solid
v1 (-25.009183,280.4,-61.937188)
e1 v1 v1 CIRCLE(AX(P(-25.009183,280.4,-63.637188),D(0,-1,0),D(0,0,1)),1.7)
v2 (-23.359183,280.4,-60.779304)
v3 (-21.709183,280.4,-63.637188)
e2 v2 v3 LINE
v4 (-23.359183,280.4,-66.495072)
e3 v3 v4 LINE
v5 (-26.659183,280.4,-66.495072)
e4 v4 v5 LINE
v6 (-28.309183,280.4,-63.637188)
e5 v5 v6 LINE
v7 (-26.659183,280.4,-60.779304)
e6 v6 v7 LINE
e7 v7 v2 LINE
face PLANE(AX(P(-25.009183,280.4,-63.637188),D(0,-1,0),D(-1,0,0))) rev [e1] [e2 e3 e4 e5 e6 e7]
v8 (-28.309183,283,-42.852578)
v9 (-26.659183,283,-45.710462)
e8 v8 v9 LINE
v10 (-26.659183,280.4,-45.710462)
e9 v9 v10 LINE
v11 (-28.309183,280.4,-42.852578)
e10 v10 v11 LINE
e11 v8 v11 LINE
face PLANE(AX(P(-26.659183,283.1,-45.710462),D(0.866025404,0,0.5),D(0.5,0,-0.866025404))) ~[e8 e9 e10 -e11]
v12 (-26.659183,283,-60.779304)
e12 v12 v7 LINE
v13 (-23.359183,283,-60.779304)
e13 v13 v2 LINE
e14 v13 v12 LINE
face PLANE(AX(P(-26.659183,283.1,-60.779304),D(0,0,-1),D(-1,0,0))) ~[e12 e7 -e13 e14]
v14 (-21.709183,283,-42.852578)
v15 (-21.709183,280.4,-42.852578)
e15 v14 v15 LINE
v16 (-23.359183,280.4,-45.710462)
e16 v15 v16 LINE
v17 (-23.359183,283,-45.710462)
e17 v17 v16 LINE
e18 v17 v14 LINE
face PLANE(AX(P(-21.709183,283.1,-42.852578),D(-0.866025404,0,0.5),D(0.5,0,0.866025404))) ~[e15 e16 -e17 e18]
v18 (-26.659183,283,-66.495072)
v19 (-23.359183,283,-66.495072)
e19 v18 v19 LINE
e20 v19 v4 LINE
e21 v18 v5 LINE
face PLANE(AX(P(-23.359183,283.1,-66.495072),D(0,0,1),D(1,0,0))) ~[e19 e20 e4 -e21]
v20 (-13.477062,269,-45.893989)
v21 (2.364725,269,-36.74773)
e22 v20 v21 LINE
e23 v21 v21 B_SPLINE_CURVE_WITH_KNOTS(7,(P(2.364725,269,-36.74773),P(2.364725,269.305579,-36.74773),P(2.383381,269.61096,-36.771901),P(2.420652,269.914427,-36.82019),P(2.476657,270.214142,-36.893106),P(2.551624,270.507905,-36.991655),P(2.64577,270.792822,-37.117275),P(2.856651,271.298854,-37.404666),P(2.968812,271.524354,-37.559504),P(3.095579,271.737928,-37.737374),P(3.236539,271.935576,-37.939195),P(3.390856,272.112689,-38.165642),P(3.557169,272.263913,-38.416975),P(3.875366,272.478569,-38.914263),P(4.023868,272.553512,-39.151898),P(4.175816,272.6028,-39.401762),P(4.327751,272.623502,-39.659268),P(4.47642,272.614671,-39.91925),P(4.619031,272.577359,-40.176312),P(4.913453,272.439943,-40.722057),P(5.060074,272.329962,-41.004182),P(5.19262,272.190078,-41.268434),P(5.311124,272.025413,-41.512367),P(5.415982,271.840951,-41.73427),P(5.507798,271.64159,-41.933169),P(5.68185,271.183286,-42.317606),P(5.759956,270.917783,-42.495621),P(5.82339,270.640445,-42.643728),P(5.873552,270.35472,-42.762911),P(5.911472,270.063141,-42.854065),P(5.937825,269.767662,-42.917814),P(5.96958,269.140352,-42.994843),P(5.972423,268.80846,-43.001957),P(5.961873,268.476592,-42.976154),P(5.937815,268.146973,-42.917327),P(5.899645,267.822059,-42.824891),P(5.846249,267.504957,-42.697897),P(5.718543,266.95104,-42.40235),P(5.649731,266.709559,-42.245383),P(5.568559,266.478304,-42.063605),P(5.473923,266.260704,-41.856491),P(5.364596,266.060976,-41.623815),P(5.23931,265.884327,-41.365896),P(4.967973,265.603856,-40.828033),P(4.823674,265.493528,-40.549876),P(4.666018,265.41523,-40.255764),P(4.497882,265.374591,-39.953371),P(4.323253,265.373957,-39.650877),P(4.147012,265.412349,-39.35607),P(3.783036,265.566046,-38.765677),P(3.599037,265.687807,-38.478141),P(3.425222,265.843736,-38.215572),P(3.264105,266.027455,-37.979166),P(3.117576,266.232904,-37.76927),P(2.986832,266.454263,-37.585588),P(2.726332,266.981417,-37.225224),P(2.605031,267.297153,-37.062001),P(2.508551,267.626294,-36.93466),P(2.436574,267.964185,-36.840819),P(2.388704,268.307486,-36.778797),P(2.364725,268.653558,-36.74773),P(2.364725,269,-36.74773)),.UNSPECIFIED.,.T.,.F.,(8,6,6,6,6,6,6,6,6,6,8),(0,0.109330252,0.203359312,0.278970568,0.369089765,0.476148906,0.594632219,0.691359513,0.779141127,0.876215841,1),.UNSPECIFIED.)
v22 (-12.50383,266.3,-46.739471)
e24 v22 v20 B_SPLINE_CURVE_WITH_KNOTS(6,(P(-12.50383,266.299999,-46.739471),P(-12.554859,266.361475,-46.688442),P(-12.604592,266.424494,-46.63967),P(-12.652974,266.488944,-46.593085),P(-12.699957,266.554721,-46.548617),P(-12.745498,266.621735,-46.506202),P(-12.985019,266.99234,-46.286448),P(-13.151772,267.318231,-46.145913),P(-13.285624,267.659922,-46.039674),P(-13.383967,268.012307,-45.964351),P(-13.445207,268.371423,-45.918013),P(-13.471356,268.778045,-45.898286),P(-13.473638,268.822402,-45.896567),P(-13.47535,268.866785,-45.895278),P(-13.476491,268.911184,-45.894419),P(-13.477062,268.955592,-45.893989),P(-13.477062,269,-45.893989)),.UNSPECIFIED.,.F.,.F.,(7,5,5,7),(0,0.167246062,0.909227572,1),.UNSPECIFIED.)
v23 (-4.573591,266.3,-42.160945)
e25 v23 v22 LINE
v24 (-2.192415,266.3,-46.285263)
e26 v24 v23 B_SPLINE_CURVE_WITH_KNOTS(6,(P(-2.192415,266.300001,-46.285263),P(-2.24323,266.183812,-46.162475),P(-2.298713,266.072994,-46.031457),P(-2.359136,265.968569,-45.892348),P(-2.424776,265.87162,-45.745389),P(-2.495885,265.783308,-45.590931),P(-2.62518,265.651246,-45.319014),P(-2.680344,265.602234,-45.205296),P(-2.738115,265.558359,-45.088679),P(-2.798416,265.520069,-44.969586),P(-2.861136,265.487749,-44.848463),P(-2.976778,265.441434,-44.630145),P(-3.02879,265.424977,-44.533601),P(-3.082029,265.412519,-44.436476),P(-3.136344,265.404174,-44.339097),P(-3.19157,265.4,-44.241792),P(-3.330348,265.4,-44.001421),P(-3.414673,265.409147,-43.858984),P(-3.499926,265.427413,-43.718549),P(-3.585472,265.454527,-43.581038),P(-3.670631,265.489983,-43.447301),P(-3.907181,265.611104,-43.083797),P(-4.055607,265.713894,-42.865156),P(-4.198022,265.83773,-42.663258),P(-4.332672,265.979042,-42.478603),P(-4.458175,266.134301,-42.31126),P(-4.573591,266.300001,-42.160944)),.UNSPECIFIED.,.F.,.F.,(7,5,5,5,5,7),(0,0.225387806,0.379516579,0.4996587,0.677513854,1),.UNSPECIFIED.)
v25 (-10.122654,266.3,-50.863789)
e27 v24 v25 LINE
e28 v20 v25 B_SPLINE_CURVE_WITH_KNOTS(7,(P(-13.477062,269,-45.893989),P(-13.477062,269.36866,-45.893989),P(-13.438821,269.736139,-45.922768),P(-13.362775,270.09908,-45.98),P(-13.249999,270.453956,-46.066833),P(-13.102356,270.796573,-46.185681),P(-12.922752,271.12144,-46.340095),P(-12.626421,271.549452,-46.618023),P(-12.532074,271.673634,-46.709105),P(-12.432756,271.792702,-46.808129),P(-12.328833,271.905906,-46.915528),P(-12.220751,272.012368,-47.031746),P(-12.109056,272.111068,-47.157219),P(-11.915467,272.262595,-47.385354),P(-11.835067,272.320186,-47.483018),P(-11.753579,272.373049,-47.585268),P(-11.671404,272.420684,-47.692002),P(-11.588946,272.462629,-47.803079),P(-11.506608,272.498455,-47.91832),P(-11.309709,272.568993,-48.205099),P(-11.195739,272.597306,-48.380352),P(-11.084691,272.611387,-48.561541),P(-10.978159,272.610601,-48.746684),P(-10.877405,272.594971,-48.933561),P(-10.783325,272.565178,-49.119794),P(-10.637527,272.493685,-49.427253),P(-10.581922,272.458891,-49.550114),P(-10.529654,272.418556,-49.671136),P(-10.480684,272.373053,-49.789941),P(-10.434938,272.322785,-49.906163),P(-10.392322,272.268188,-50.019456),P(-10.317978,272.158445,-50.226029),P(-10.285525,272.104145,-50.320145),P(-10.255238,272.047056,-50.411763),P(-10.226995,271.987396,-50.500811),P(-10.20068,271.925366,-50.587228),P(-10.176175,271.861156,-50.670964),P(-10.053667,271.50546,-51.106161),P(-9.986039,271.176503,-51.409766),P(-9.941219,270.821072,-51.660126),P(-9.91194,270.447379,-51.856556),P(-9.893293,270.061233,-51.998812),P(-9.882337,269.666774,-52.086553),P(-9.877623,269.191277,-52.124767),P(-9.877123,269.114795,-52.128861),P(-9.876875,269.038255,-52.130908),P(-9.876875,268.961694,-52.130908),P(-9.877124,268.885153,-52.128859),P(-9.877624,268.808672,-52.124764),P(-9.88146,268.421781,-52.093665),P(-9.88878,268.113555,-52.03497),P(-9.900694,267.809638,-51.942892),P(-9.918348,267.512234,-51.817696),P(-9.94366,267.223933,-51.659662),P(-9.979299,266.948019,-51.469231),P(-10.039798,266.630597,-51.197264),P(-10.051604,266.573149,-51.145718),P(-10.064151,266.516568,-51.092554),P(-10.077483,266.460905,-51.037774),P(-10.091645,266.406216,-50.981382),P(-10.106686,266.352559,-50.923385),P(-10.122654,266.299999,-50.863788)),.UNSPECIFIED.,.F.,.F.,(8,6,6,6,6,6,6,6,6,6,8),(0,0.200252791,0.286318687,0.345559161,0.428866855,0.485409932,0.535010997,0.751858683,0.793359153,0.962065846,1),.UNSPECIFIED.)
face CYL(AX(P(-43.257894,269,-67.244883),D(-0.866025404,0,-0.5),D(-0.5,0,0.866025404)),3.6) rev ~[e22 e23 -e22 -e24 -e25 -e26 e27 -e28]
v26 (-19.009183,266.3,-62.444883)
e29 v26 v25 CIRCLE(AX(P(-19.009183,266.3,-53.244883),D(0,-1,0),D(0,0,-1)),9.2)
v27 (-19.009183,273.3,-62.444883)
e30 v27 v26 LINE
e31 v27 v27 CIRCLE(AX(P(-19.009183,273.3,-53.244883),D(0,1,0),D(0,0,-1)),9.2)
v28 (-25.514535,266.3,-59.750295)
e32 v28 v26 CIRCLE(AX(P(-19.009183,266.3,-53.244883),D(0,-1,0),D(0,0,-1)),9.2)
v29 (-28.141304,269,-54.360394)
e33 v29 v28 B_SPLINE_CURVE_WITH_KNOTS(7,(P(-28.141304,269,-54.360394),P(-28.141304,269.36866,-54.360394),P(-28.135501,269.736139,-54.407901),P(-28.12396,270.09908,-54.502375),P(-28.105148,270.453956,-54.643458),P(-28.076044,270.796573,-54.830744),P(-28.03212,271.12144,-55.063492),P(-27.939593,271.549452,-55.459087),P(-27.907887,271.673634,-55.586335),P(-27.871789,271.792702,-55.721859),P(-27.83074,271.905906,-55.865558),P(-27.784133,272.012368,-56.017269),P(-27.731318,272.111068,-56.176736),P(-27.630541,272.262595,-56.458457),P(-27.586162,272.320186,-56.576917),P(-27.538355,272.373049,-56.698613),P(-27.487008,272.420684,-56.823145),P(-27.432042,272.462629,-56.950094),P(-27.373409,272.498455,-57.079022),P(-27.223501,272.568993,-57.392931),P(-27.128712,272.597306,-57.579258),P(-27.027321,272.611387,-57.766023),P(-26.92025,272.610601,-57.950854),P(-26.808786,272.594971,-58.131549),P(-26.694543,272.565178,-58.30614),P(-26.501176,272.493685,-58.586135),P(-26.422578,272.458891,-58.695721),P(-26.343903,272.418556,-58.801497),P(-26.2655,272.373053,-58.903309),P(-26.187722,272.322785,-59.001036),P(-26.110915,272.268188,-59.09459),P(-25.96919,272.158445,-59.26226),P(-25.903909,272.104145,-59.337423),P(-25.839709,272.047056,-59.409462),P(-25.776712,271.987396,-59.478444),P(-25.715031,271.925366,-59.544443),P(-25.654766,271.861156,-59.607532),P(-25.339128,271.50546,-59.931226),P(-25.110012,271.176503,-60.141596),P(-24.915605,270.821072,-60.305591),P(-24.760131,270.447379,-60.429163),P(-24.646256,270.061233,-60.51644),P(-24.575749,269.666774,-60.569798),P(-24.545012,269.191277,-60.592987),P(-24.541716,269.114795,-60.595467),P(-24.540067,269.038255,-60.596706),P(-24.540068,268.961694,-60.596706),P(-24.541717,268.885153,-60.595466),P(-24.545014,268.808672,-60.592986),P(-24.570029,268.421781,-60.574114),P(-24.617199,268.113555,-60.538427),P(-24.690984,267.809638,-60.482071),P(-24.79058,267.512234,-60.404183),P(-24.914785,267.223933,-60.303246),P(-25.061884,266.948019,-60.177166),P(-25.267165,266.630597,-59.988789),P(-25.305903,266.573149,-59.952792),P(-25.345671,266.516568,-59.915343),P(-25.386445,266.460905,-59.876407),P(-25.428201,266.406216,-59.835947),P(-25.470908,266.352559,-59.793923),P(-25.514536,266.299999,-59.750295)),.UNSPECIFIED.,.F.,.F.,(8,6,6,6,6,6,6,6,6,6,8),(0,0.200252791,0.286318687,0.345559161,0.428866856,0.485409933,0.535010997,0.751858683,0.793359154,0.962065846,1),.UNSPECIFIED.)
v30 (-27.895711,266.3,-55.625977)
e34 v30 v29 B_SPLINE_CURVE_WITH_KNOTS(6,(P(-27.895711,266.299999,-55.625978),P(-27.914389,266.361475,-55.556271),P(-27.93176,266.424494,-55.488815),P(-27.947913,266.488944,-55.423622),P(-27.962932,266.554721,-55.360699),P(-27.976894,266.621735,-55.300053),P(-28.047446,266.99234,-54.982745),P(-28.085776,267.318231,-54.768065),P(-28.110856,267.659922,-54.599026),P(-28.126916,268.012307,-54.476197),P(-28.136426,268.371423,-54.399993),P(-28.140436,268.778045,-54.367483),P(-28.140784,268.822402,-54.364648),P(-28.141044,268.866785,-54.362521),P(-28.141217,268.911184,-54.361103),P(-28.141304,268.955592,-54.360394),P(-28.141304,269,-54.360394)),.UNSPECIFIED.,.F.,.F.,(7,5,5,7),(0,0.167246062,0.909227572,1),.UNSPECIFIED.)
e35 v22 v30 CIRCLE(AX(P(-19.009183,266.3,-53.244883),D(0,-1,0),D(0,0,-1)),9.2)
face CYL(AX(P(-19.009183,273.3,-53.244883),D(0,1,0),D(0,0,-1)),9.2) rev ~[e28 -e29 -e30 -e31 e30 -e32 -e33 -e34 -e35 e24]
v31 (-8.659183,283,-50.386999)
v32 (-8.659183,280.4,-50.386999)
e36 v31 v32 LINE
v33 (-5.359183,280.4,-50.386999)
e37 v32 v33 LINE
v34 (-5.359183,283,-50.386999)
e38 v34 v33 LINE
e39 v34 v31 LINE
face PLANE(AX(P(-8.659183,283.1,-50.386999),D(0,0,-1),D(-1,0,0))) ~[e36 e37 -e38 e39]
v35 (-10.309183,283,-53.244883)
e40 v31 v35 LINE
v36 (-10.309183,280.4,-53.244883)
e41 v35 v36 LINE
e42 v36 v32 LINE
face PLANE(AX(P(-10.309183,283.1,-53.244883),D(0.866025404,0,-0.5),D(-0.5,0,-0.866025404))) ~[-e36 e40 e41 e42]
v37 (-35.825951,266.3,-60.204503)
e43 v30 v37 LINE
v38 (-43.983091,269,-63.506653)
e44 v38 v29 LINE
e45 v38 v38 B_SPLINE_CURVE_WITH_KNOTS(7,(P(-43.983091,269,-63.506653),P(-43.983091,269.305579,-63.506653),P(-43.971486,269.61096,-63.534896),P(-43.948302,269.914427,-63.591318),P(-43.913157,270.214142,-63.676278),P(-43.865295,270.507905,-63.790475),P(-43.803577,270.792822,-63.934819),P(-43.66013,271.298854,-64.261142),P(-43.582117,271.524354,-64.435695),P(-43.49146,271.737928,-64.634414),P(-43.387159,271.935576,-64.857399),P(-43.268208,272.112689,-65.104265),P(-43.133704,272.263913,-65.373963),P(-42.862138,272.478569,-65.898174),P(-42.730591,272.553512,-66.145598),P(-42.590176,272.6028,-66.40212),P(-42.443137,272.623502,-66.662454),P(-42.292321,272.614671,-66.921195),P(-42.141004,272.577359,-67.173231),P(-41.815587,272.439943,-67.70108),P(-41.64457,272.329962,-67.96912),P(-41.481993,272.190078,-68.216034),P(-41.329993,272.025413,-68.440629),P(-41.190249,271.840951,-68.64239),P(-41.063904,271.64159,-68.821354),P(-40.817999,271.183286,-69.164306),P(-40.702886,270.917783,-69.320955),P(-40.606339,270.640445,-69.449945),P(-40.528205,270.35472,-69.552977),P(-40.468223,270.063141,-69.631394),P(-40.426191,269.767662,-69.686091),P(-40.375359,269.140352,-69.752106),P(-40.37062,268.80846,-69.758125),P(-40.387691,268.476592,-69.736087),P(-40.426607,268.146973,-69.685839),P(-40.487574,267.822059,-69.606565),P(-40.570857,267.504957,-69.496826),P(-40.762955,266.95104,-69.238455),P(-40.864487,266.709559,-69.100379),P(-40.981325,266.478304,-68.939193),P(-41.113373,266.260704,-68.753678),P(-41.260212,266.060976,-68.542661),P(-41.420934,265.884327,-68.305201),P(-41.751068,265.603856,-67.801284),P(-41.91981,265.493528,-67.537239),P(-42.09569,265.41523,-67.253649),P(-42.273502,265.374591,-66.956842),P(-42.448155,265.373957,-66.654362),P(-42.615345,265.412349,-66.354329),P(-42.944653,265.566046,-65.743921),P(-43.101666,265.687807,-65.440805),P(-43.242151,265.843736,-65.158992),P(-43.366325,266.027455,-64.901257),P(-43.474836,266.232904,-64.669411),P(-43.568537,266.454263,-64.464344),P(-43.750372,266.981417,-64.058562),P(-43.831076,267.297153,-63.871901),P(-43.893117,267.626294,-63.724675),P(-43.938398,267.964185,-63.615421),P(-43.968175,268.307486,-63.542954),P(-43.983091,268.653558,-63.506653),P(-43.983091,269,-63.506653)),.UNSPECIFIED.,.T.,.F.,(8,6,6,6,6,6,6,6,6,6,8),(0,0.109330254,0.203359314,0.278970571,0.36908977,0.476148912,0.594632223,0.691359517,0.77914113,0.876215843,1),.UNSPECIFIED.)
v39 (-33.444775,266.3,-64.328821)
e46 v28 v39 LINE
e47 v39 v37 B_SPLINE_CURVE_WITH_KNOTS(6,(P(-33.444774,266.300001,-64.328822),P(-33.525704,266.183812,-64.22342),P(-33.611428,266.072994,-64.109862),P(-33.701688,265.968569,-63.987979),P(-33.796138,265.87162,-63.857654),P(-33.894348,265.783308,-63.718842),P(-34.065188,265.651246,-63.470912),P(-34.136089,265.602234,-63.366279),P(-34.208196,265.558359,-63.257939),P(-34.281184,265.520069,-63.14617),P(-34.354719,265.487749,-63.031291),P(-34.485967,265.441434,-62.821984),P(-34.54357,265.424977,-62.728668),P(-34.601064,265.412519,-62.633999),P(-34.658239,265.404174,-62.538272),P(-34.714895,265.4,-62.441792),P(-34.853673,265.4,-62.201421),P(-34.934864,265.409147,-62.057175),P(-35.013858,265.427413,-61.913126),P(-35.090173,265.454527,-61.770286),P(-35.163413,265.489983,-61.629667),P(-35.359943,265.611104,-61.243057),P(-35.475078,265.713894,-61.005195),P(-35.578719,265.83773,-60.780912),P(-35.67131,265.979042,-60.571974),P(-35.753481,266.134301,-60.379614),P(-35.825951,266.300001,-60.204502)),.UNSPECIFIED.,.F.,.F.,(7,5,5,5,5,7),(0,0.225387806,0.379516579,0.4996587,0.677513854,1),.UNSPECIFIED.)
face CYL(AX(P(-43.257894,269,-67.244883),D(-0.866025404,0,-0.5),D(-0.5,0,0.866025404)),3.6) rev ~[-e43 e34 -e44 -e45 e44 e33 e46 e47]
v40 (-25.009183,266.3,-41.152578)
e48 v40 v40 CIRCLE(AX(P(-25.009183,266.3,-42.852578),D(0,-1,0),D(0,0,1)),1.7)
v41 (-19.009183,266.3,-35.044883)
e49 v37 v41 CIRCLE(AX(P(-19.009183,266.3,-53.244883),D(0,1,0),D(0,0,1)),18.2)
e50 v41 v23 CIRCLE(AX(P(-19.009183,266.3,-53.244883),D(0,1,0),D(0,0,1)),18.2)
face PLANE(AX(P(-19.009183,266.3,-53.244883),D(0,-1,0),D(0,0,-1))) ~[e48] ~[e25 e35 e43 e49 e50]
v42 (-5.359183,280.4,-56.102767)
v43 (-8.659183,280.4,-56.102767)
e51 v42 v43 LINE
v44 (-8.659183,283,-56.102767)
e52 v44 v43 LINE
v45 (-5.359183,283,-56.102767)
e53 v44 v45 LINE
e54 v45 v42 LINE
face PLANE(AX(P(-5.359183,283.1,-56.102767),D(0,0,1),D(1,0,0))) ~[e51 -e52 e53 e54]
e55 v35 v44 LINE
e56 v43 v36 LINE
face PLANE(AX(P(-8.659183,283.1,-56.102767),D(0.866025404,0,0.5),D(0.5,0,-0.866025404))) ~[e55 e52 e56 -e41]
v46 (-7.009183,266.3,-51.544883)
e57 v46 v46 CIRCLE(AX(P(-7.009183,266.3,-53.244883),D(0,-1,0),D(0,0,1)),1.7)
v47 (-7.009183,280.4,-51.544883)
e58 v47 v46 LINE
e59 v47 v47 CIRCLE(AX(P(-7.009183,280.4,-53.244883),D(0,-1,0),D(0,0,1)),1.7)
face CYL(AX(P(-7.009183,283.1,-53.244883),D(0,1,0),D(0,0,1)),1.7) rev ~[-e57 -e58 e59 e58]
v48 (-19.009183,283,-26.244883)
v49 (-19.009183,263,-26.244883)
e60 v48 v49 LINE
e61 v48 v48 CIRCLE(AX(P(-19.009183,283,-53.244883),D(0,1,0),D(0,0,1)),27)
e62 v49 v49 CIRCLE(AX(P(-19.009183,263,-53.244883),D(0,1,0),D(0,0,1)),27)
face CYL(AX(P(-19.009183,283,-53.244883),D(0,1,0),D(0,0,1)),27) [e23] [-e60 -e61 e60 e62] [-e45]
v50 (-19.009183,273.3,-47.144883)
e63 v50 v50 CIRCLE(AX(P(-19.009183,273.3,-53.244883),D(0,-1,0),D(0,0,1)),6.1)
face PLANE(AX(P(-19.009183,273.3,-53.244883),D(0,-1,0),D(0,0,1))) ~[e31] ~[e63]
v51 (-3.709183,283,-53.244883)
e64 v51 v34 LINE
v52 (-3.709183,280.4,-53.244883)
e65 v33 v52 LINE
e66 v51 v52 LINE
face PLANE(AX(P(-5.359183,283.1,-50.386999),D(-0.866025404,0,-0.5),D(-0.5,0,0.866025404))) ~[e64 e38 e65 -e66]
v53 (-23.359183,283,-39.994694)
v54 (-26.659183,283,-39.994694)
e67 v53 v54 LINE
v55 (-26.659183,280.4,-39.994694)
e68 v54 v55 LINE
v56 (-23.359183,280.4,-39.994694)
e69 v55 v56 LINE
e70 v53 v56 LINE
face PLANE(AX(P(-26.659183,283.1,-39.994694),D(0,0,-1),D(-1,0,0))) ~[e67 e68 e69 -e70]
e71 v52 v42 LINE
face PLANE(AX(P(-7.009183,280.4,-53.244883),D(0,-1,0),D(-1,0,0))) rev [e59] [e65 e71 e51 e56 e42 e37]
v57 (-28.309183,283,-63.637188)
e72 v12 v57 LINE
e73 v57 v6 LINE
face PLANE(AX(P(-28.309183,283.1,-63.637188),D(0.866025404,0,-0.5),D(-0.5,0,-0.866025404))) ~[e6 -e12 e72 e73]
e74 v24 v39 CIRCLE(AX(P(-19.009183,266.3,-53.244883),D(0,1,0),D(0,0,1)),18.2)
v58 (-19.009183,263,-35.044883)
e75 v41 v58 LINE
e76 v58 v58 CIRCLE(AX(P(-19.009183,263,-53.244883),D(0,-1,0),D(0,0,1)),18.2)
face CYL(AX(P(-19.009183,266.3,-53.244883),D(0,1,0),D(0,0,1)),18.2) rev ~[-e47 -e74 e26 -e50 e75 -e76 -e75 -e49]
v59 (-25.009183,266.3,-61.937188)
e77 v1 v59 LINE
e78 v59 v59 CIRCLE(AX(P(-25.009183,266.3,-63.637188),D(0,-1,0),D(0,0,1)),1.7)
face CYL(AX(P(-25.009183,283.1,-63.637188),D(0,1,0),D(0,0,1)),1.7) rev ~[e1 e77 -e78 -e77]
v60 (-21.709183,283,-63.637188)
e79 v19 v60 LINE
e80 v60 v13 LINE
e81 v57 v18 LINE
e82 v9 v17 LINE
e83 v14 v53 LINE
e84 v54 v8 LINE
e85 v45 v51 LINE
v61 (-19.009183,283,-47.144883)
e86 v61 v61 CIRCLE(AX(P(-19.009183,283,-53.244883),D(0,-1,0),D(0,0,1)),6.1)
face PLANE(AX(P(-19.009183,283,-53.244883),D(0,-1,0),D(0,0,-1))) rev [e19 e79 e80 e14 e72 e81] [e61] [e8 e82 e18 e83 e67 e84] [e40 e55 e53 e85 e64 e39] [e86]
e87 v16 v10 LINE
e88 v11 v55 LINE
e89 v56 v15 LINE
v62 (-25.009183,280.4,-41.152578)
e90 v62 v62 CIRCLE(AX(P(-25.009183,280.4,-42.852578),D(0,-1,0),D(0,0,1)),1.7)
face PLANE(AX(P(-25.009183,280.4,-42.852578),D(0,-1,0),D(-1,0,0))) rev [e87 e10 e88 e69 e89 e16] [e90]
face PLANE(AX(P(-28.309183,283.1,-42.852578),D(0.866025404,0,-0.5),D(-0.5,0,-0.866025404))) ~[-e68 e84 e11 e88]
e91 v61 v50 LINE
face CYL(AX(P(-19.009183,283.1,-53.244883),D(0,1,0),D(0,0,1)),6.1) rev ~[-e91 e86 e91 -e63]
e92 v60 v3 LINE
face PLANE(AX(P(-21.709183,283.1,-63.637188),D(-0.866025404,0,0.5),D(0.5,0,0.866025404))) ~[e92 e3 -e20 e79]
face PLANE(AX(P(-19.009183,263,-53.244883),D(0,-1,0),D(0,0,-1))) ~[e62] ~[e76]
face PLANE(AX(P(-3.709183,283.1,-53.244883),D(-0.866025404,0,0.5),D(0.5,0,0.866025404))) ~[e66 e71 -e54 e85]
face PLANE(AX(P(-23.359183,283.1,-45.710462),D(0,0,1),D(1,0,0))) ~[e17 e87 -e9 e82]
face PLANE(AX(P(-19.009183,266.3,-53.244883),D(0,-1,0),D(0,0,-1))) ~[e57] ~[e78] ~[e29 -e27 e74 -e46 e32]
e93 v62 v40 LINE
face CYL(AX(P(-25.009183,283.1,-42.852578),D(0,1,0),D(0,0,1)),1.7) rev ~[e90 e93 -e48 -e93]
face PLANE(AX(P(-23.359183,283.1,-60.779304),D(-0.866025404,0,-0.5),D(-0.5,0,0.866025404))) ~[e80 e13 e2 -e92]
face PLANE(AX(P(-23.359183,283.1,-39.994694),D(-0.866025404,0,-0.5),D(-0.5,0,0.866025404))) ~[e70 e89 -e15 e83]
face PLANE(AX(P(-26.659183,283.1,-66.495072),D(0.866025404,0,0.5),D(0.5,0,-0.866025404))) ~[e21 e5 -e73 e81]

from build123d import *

# Parameters (mm, degrees)
TYRE_SEAT_BLANK_SKETCH_R        = 27
TYRE_SEAT_BLANK_DEPTH           = 20
AXLE_CLEARANCE_SKETCH_R         = 6.1
AXLE_CLEARANCE_DEPTH            = 20.2
HUB_NECK_SOCKET_SKETCH_R        = 9.2
HUB_NECK_SOCKET_DEPTH           = 10.5
HUB_FLANGE_SOCKET_SKETCH_R      = 18.2
HUB_FLANGE_SOCKET_DEPTH         = 3.5
RIM_BOLT_PATTERN_SKETCH_R       = 1.7
RIM_BOLT_PATTERN_DEPTH          = 20.2
RIM_NUT_POCKETS_DEPTH           = 2.7
HUB_PIN_SERVICE_WINDOW_SKETCH_R = 3.6
HUB_PIN_SERVICE_WINDOW_DEPTH    = 56


with BuildPart() as part:
    # Tyre seat blank sketch → Tyre seat blank (new body)
    with BuildSketch(Plane(origin=(0, -283, 0), x_dir=(1, 0, 0), z_dir=(0, 1, 0))):
        with Locations(Location((-19.009182883, 53.244882879, 0), (0, 0, 270))):
            Circle(TYRE_SEAT_BLANK_SKETCH_R)
    extrude(amount=TYRE_SEAT_BLANK_DEPTH)

    # Axle clearance sketch → Axle clearance (cut)
    with BuildSketch(Plane(origin=(0, -283.1, 0), x_dir=(1, 0, 0), z_dir=(0, 1, 0))):
        with Locations(Location((-19.009182883, 53.244882879, 0), (0, 0, 270))):
            Circle(AXLE_CLEARANCE_SKETCH_R)
    extrude(amount=AXLE_CLEARANCE_DEPTH, mode=Mode.SUBTRACT)

    # Hub neck socket sketch → Hub neck socket (cut)
    with BuildSketch(Plane(origin=(0, -273.3, 0), x_dir=(1, 0, 0), z_dir=(0, 1, 0))):
        with Locations(Location((-19.009182883, 53.244882879, 0), (0, 0, 90))):
            Circle(HUB_NECK_SOCKET_SKETCH_R)
    extrude(amount=HUB_NECK_SOCKET_DEPTH, mode=Mode.SUBTRACT)

    # Hub flange socket sketch → Hub flange socket (cut)
    with BuildSketch(Plane(origin=(0, -266.3, 0), x_dir=(1, 0, 0), z_dir=(0, 1, 0))):
        with Locations(Location((-19.009182883, 53.244882879, 0), (0, 0, 270))):
            Circle(HUB_FLANGE_SOCKET_SKETCH_R)
    extrude(amount=HUB_FLANGE_SOCKET_DEPTH, mode=Mode.SUBTRACT)

    # Rim bolt pattern sketch → Rim bolt pattern (cut)
    with BuildSketch(Plane(origin=(0, -283.1, 0), x_dir=(1, 0, 0), z_dir=(0, 1, 0))):
        with Locations(Location((-7.009182883, 53.244882879, 0), (0, 0, 270))):
            Circle(RIM_BOLT_PATTERN_SKETCH_R)
        with Locations(Location((-25.009182883, 42.852578033, 0), (0, 0, 270))):
            Circle(RIM_BOLT_PATTERN_SKETCH_R)
        with Locations(Location((-25.009182883, 63.637187724, 0), (0, 0, 270))):
            Circle(RIM_BOLT_PATTERN_SKETCH_R)
    extrude(amount=RIM_BOLT_PATTERN_DEPTH, mode=Mode.SUBTRACT)

    # Rim nut pockets sketch → Rim nut pockets (cut)
    with BuildSketch(Plane(origin=(0, -283.1, 0), x_dir=(1, 0, 0), z_dir=(0, 1, 0))):
        Polygon((-3.709182883, 53.244882879), (-5.359182883, 56.102766711), (-8.659182883, 56.102766711), (-10.309182883, 53.244882879), (-8.659182883, 50.386999046), (-5.359182883, 50.386999046), align=None)
        Polygon((-21.709182883, 42.852578033), (-23.359182883, 45.710461866), (-26.659182883, 45.710461866), (-28.309182883, 42.852578033), (-26.659182883, 39.994694201), (-23.359182883, 39.994694201), align=None)
        Polygon((-21.709182883, 63.637187724), (-23.359182883, 66.495071557), (-26.659182883, 66.495071557), (-28.309182883, 63.637187724), (-26.659182883, 60.779303892), (-23.359182883, 60.779303892), align=None)
    extrude(amount=RIM_NUT_POCKETS_DEPTH, mode=Mode.SUBTRACT)

    # Hub pin service window sketch → Hub pin service window (cut)
    with BuildSketch(Plane(origin=(-61.561309066, 0, -35.542438361), x_dir=(0.4999999999999994, 0, -0.866025403784439), z_dir=(0.866025403784439, 0, 0.4999999999999994))):
        with Locations(Location((36.606829753, -269, 0), (0, 0, 180))):
            Circle(HUB_PIN_SERVICE_WINDOW_SKETCH_R)
    extrude(amount=HUB_PIN_SERVICE_WINDOW_DEPTH, mode=Mode.SUBTRACT)


with BuildPart() as body_2:
    # Mirror1: mirrored copy
    add(part.part.mirror(Plane(origin=(0, 0, 0), x_dir=(0, 0, 1), z_dir=(0, -1, 0))))


solid = body_2.part
